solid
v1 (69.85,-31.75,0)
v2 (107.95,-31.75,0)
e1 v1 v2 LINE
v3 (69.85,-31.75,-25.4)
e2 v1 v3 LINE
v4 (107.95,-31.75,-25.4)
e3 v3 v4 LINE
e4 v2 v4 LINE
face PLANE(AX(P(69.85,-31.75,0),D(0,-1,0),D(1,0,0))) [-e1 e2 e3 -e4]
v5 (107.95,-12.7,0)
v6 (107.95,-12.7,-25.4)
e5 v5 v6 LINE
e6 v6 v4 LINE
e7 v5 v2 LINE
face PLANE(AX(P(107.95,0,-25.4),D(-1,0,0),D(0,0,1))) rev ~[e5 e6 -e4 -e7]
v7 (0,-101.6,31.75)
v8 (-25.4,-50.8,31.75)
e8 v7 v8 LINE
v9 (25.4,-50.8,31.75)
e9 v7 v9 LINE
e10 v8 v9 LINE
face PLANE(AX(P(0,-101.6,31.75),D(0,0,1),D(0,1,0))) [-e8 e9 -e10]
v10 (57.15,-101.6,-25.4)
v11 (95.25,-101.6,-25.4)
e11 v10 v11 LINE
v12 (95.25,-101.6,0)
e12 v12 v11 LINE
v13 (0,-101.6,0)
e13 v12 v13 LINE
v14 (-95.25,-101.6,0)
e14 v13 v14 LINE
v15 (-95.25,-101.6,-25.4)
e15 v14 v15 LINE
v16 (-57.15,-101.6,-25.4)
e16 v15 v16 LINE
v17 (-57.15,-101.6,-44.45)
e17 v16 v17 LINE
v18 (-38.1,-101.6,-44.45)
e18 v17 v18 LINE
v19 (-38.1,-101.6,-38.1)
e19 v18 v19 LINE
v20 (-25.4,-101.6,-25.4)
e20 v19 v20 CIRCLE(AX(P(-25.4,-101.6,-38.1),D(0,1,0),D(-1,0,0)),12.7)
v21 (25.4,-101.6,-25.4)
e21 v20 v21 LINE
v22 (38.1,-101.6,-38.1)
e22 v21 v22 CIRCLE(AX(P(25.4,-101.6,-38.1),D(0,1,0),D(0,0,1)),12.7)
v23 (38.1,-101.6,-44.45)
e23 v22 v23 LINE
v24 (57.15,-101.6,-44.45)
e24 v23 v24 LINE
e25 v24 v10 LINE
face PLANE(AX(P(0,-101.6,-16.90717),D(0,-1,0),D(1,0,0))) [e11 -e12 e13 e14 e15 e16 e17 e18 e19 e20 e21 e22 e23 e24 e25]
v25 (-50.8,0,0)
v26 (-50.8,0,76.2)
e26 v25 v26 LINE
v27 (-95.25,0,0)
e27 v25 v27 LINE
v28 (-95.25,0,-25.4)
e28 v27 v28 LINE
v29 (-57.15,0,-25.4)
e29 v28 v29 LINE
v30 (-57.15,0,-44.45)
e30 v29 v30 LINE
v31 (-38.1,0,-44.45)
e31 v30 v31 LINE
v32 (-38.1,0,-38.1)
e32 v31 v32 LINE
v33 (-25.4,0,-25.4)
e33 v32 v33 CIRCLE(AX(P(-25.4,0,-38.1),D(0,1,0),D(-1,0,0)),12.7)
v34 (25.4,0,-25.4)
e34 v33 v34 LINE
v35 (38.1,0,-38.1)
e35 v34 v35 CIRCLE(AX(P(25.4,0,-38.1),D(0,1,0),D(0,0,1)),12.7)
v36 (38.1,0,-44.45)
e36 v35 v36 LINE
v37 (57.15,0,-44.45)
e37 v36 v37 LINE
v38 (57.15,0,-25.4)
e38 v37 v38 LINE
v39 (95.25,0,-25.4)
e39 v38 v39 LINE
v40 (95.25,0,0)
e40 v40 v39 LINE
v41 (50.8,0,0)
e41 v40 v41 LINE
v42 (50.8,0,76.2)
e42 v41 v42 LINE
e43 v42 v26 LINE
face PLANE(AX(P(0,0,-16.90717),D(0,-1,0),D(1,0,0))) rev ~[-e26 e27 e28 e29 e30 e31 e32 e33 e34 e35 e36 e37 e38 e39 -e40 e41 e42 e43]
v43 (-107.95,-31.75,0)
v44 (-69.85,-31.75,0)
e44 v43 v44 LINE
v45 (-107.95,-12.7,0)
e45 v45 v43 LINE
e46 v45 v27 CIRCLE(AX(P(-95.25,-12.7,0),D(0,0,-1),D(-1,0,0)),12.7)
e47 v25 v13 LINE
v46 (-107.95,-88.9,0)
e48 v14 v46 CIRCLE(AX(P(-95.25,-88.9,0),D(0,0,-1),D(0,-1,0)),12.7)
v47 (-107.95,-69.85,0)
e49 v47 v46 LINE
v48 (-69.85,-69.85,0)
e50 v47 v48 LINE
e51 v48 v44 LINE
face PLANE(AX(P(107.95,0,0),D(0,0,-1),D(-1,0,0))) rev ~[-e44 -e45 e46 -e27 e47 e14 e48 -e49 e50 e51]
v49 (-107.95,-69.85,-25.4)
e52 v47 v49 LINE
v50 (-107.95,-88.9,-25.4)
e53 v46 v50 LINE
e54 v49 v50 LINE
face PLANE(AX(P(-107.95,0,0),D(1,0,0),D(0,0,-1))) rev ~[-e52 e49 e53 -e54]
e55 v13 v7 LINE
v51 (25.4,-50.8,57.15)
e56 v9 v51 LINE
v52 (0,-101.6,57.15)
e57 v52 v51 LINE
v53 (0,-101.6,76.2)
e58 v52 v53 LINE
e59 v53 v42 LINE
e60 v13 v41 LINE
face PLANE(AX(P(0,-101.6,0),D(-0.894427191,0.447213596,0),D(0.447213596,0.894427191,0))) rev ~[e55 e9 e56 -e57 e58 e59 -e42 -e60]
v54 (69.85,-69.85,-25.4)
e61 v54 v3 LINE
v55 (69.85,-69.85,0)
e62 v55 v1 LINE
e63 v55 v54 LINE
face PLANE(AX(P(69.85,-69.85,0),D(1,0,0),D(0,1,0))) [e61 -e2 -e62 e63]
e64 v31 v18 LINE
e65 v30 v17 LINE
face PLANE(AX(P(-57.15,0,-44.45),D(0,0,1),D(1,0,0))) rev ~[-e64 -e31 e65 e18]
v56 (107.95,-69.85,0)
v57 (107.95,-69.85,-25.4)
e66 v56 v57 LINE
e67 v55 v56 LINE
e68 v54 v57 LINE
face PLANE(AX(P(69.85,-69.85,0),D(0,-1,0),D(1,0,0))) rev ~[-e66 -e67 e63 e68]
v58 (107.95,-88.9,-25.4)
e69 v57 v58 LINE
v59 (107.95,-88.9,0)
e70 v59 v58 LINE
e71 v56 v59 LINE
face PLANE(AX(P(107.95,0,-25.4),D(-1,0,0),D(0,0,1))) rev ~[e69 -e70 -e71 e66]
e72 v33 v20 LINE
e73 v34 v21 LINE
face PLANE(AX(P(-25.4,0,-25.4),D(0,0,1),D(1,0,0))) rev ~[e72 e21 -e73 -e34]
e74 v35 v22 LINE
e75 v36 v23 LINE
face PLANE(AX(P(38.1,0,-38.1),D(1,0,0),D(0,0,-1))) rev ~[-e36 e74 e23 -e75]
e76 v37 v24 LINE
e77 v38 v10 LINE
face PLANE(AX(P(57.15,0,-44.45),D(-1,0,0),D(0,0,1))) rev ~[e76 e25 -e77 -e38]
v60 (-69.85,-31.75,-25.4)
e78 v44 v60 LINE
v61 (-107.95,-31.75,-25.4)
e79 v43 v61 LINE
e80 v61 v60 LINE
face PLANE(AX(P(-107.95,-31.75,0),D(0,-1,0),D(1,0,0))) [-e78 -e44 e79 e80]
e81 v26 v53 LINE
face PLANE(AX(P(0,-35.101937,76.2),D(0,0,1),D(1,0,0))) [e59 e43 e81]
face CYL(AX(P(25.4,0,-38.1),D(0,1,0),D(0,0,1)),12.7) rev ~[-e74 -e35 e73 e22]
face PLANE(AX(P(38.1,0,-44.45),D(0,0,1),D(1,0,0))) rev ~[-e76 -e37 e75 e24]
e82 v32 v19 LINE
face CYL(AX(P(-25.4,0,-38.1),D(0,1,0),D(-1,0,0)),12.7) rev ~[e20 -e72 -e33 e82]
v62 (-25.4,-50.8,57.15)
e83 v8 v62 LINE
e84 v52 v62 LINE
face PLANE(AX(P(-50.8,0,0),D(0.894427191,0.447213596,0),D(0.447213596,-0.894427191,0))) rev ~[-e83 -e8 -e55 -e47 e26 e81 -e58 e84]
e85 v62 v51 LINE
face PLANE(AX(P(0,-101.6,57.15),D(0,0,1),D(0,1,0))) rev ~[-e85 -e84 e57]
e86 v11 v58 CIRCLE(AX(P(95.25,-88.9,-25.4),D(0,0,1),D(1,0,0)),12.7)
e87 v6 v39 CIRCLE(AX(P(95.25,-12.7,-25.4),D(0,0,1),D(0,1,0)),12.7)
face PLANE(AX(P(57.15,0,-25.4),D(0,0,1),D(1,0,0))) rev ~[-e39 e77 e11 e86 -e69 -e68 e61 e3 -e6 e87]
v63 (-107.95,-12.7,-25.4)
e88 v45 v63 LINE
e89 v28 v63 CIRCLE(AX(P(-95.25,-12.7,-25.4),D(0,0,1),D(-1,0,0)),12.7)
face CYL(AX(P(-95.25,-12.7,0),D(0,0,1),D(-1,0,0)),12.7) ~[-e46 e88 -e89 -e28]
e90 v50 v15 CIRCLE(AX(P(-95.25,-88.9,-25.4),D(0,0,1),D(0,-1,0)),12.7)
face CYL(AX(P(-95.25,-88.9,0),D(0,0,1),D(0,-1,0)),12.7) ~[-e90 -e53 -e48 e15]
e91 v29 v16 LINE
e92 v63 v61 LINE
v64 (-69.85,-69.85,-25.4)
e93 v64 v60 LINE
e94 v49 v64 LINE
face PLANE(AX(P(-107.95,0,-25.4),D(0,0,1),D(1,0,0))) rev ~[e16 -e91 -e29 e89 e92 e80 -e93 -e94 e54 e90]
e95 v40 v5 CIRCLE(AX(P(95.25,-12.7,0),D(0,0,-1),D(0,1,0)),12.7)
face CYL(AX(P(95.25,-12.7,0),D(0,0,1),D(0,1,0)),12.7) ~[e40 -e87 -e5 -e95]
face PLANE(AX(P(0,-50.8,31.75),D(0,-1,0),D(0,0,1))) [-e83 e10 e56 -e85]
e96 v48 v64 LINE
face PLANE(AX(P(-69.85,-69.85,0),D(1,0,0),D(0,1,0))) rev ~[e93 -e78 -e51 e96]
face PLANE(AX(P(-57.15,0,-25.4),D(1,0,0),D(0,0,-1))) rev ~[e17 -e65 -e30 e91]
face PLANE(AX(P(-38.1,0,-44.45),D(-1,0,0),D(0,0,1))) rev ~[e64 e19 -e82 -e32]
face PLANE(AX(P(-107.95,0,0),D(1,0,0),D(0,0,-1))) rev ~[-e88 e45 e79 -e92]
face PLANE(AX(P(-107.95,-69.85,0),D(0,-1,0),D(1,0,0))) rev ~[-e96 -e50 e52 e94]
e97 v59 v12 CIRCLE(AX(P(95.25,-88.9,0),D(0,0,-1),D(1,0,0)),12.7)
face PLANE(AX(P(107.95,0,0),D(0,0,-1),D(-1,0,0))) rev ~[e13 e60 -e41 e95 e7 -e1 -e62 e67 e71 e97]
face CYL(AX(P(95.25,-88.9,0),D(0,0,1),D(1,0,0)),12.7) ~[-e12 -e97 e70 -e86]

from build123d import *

# Parameters (mm, degrees)
F1_DEPTH      = 101.6
F2_W          = 38.1
F2_H          = 38.1
F3_DEPTH      = 44.451
F5_DEPTH      = 76.2
F6_W          = 50.8
F6_H          = 25.4
F7_DEPTH      = 107.951
F7_DEPTH_BACK = 107.951


with BuildPart() as f1:
    # F0 (on Front) → F1 (new body)
    with BuildSketch(Plane.XZ):
        with BuildLine():
            Line((107.95, 0), (-107.95, 0))
            Line((-107.95, 0), (-107.95, -25.4))
            Line((-107.95, -25.4), (-57.15, -25.4))
            Line((-57.15, -25.4), (-57.15, -44.45))
            Line((-57.15, -44.45), (-38.1, -44.45))
            Line((-38.1, -44.45), (-38.1, -38.1))
            ThreePointArc((-38.1, -38.1), (-34.3802561211, -29.1197438789), (-25.4, -25.4))
            Line((-25.4, -25.4), (25.4, -25.4))
            ThreePointArc((25.4, -25.4), (34.3802561211, -29.1197438789), (38.1, -38.1))
            Line((38.1, -38.1), (38.1, -44.45))
            Line((38.1, -44.45), (57.15, -44.45))
            Line((57.15, -44.45), (57.15, -25.4))
            Line((57.15, -25.4), (107.95, -25.4))
            Line((107.95, -25.4), (107.95, 0))
        make_face()
    extrude(amount=F1_DEPTH)

    # F2 (on face) → F3 (cut, through all)
    with BuildSketch(Plane.XY):
        with BuildLine():
            ThreePointArc((-107.95, -12.7), (-104.2302561211, -3.7197438789), (-95.25, 0))
            Line((-95.25, 0), (-107.95, 0))
            Line((-107.95, 0), (-107.95, -12.7))
        make_face()
        with BuildLine():
            ThreePointArc((-95.25, -101.6), (-104.2302561211, -97.8802561211), (-107.95, -88.9))
            Line((-107.95, -88.9), (-107.95, -101.6))
            Line((-107.95, -101.6), (-95.25, -101.6))
        make_face()
        with BuildLine():
            ThreePointArc((107.95, -88.9), (104.2302561211, -97.8802561211), (95.25, -101.6))
            Line((95.25, -101.6), (107.95, -101.6))
            Line((107.95, -101.6), (107.95, -88.9))
        make_face()
        with BuildLine():
            ThreePointArc((95.25, 0), (104.2302561211, -3.7197438789), (107.95, -12.7))
            Line((107.95, -12.7), (107.95, 0))
            Line((107.95, 0), (95.25, 0))
        make_face()
        with Locations((-88.9, -50.8)):
            Rectangle(F2_W, F2_H)
        with Locations((88.9, -50.8)):
            Rectangle(F2_W, F2_H)
    extrude(amount=-F3_DEPTH, mode=Mode.SUBTRACT)

    # F4 (on face) → F5 (join)
    with BuildSketch(Plane.XY):
        Polygon((-50.8, 0), (0, -101.6), (50.8, 0), align=None)
    extrude(amount=F5_DEPTH)

    # F6 (on Right) → F7 (cut, two sides)
    with BuildSketch(Plane.YZ) as f7_sk:
        with Locations((-76.2, 44.45)):
            Rectangle(F6_W, F6_H)
    extrude(amount=-F7_DEPTH, mode=Mode.SUBTRACT)
    extrude(f7_sk.sketch, amount=F7_DEPTH_BACK, mode=Mode.SUBTRACT)


solid = f1.part
